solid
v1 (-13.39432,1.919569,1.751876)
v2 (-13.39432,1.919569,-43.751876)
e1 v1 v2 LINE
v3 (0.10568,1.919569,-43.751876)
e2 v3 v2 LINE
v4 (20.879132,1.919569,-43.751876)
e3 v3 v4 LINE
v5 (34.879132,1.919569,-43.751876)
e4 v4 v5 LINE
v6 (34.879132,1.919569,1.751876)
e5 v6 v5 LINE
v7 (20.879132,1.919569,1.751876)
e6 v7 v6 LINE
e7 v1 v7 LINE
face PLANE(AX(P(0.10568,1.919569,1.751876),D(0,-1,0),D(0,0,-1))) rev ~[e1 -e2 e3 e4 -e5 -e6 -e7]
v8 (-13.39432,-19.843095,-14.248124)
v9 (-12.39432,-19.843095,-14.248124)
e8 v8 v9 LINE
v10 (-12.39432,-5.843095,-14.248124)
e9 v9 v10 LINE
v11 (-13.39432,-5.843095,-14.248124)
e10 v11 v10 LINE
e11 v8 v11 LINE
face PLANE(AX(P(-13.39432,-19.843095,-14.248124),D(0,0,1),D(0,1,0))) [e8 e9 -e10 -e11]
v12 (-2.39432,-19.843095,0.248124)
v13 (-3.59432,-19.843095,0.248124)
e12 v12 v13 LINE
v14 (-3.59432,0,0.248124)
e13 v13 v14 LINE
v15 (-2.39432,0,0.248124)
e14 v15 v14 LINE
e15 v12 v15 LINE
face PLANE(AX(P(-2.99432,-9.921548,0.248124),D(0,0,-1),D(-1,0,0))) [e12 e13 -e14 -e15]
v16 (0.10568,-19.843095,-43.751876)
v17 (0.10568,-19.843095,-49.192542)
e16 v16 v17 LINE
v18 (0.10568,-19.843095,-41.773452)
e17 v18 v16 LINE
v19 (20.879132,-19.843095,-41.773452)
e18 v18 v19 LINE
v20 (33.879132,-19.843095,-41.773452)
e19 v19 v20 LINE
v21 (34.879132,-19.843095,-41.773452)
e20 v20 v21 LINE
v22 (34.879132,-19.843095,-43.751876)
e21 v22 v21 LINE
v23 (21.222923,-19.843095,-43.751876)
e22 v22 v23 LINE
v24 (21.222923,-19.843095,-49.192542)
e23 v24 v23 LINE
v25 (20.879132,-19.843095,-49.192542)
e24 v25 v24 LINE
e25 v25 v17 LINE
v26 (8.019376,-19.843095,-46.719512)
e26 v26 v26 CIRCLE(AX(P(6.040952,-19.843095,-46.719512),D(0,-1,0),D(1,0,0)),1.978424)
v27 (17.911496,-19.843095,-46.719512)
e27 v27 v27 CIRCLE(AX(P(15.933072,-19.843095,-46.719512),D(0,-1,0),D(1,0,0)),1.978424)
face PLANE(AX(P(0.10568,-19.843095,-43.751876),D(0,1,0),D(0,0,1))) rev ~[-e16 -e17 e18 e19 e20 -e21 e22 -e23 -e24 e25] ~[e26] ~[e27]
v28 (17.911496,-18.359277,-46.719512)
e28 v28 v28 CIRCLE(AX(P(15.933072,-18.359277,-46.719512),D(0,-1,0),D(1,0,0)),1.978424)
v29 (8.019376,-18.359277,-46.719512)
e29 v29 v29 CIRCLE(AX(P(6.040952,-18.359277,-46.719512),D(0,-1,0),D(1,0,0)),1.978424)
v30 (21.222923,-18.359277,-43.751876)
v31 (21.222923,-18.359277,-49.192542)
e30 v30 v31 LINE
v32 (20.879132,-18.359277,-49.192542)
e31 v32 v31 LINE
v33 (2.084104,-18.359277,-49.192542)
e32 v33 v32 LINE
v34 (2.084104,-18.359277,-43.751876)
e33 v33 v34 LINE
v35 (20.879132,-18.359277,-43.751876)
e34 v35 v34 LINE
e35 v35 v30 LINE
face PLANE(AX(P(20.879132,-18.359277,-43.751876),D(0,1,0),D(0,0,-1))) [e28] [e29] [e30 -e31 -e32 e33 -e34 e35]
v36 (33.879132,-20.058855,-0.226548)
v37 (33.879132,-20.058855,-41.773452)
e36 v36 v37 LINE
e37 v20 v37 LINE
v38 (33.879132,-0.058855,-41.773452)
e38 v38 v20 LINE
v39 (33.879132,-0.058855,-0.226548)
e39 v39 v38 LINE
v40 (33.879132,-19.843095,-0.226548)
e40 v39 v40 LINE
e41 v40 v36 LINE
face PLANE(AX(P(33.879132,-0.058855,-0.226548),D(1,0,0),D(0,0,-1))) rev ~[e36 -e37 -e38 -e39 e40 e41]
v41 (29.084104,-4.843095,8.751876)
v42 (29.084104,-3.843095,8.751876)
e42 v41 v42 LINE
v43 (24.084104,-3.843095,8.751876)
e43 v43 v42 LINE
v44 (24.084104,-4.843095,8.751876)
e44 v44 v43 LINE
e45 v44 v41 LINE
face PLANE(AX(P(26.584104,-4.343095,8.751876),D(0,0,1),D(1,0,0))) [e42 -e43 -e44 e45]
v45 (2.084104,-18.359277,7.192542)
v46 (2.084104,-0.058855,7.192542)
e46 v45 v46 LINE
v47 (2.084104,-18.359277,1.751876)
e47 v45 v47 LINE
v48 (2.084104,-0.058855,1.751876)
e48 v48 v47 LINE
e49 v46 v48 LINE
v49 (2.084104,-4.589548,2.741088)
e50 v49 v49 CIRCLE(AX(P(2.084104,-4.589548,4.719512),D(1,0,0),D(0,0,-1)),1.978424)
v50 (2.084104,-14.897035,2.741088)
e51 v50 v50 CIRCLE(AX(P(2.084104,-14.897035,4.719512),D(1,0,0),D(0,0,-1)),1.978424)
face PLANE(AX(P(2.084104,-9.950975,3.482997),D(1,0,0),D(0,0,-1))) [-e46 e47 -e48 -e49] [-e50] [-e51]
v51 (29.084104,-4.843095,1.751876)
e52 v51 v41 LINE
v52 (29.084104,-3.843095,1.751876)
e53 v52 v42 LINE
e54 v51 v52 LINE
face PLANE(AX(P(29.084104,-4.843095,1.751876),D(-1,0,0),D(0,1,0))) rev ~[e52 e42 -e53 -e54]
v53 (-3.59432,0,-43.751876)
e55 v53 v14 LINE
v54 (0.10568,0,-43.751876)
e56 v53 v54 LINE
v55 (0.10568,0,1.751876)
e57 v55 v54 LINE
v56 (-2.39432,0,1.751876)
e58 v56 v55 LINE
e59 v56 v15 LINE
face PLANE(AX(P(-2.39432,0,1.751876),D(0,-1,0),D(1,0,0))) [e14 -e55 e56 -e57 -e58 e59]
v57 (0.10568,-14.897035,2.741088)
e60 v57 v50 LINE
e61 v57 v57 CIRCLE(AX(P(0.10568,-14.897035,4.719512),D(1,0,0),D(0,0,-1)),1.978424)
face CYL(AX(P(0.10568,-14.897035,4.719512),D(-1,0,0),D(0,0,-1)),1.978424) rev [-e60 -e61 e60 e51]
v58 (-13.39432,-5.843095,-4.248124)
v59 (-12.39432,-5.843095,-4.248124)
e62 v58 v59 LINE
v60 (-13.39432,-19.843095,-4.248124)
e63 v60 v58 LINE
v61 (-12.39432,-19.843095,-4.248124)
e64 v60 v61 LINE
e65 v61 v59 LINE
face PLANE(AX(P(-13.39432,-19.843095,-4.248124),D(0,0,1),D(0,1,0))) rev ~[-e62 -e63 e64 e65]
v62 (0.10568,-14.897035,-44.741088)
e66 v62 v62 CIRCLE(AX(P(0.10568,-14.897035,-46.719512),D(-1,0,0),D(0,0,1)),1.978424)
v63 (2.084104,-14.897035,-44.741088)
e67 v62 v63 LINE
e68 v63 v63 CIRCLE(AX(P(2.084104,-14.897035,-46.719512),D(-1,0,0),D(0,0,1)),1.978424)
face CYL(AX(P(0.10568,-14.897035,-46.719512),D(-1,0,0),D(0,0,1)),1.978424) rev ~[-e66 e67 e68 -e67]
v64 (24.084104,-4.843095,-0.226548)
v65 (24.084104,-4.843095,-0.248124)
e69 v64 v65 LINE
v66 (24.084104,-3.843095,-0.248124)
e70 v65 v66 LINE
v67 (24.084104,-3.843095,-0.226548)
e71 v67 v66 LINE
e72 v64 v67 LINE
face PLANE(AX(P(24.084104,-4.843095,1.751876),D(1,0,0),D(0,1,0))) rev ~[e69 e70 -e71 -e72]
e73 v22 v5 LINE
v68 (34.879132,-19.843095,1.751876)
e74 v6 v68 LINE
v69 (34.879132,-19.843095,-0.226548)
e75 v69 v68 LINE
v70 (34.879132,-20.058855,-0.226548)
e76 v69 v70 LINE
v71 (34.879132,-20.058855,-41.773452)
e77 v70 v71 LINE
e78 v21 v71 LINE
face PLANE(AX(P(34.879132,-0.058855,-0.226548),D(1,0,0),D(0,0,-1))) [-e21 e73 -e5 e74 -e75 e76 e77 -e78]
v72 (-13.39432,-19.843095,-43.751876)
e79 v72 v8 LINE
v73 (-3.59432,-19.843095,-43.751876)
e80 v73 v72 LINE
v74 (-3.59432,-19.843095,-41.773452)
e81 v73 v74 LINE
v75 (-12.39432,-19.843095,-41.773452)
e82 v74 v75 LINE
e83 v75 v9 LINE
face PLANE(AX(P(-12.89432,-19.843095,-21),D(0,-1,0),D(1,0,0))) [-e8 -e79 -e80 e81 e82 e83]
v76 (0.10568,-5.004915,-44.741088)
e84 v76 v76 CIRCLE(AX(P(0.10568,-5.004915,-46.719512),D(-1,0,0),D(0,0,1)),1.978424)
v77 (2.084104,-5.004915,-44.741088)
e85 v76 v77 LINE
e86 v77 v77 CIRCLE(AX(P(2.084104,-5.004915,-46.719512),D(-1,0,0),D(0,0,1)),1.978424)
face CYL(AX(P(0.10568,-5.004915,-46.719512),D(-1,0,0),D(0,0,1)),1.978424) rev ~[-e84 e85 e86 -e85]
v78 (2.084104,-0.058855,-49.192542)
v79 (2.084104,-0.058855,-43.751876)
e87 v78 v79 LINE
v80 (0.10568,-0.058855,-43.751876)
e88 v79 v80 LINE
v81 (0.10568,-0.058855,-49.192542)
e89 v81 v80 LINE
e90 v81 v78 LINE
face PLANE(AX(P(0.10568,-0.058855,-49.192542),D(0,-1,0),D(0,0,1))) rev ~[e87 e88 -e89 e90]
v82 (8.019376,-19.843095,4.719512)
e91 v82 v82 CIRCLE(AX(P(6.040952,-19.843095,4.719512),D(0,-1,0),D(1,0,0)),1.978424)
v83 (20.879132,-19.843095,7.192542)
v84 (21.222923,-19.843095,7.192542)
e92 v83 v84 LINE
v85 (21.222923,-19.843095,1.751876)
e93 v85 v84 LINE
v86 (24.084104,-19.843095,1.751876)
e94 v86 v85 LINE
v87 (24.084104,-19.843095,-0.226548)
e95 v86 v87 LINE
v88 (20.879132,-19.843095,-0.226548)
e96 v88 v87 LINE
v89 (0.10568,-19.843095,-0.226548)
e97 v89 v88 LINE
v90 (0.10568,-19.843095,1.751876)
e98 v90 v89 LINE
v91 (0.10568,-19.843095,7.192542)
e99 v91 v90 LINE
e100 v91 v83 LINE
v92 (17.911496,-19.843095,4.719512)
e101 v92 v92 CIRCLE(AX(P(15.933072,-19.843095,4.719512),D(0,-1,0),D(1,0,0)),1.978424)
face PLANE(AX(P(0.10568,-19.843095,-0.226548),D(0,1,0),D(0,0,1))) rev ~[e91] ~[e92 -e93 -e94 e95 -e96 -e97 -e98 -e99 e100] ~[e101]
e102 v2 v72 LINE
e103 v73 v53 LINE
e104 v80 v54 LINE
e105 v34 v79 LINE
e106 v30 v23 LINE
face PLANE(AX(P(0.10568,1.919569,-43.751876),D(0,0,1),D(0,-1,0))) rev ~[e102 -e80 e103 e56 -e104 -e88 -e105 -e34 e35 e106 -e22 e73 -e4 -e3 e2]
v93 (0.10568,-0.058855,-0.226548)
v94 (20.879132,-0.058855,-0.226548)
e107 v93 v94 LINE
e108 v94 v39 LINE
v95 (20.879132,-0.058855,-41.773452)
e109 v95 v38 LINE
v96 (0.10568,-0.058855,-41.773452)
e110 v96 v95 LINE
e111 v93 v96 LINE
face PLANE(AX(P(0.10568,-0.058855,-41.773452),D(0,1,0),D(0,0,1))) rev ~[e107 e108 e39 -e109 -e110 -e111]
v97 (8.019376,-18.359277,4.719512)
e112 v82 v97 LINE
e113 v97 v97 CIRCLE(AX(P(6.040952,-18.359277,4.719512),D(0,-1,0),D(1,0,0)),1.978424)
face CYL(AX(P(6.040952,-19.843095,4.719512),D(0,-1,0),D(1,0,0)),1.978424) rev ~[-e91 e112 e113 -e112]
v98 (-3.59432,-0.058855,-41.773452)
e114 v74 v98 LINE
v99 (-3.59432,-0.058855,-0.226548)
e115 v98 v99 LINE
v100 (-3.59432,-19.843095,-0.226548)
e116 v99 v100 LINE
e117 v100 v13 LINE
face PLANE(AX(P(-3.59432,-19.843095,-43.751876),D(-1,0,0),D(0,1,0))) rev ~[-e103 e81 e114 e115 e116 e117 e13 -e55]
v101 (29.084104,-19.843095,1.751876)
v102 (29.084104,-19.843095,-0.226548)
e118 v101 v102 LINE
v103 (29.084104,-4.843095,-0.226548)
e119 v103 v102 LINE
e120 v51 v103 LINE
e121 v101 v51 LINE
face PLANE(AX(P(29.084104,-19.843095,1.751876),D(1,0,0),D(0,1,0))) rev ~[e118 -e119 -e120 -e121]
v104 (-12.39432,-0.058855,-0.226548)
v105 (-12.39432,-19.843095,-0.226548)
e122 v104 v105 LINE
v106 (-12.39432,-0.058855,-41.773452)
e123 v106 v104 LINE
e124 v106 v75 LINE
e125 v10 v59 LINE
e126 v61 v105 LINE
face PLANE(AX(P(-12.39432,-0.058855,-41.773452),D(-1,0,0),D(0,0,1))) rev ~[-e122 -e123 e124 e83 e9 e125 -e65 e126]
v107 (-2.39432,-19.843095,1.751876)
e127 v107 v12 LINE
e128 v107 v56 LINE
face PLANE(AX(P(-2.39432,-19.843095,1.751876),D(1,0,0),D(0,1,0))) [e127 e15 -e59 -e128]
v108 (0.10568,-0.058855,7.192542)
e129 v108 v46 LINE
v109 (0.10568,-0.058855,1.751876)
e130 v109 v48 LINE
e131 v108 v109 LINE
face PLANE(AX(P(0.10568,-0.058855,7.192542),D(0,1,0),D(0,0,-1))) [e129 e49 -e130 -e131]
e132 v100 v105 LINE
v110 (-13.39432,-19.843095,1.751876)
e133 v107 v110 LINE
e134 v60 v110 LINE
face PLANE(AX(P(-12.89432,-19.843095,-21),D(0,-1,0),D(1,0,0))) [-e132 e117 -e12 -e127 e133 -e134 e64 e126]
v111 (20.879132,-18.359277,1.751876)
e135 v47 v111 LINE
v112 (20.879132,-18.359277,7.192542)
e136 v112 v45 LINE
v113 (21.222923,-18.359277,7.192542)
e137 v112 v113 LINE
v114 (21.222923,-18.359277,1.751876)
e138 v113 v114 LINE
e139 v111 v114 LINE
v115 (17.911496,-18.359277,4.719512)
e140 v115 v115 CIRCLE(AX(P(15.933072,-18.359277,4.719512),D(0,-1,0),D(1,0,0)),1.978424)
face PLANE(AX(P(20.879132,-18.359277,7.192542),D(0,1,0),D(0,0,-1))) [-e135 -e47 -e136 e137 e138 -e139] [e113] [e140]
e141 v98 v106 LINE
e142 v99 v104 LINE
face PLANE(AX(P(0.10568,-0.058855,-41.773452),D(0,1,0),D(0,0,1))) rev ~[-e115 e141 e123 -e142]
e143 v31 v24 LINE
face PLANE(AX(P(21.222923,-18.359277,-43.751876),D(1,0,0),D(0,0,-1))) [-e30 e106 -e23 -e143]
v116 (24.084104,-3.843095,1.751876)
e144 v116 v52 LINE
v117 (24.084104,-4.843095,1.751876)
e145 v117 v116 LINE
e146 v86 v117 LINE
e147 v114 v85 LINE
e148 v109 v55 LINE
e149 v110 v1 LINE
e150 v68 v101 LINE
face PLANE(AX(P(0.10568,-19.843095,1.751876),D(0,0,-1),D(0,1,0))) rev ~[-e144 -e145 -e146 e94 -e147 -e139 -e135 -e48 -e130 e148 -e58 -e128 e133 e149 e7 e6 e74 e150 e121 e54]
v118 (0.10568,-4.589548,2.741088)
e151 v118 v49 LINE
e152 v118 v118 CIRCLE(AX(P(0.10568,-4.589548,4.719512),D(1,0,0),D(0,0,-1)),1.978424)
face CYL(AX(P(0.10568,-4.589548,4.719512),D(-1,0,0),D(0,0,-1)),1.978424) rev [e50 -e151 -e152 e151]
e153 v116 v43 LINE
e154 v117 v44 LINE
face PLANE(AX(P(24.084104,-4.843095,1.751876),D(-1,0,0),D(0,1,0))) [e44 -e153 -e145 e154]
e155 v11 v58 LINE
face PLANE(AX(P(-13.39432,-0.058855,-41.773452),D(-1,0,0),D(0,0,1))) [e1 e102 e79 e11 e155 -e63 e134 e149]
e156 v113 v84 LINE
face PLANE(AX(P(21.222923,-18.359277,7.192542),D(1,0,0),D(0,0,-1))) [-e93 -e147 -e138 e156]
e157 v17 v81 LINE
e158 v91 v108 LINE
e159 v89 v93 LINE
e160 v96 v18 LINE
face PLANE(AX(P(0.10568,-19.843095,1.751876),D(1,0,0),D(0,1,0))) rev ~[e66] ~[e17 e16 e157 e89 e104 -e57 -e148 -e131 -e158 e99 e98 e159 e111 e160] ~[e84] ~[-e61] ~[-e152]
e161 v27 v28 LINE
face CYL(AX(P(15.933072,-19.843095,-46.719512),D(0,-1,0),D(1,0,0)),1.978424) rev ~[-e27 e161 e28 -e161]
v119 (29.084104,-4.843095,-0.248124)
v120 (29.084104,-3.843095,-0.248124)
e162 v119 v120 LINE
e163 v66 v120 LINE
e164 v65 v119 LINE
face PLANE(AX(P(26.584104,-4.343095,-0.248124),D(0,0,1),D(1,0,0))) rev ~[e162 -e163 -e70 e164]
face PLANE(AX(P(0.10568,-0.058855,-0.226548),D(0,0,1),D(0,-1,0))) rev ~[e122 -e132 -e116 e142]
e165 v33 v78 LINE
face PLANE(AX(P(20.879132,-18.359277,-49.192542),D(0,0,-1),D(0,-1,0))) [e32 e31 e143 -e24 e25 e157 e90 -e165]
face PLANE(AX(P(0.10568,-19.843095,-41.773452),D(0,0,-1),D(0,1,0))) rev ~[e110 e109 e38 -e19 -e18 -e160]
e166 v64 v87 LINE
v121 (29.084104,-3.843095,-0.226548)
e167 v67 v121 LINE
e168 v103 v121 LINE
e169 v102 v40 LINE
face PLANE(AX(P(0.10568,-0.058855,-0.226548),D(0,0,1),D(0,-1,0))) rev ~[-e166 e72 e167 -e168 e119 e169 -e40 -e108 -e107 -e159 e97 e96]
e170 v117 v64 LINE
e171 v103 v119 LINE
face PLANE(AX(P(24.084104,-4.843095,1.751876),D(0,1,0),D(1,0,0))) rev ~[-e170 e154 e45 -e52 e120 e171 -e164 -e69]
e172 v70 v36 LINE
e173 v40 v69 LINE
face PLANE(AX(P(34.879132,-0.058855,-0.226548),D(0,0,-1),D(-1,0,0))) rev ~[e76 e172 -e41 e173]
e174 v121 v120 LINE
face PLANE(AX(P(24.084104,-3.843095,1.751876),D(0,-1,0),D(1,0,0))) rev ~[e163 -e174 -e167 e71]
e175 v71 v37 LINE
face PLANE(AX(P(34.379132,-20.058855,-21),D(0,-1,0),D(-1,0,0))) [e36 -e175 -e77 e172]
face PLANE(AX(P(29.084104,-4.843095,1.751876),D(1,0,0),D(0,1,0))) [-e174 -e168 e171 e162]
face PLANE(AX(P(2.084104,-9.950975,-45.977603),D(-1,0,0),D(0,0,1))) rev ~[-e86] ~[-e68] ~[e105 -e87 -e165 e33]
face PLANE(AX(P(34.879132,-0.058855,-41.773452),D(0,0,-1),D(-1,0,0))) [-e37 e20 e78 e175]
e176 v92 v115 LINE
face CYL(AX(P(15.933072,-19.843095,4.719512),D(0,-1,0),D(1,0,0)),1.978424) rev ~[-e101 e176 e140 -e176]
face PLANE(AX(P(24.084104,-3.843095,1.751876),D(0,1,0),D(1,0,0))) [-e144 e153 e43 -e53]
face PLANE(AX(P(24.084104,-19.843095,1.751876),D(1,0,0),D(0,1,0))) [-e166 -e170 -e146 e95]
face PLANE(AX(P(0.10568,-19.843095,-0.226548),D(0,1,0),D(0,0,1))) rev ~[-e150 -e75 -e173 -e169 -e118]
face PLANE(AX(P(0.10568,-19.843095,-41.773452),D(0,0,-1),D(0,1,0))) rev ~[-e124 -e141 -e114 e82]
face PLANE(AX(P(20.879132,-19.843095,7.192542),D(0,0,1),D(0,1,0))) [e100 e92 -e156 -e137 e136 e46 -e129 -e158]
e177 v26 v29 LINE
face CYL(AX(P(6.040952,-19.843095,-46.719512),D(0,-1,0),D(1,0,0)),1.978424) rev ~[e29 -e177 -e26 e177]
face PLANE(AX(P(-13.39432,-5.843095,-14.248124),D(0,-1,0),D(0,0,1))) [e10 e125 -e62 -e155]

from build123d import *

# Parameters (mm, degrees)
SKETCH2_W                 = 7.5
SKETCH2_H                 = 20
SKETCH2_R                 = 2
BOSS_EXTRUDE1_DEPTH       = 2
SKETCH4_W                 = 21
SKETCH4_H                 = 20
BOSS_EXTRUDE2_DEPTH       = 2
SKETCH5_W                 = 21
SKETCH5_H                 = 46
BOSS_EXTRUDE3_DEPTH       = 2
SKETCH6_W                 = 21
SKETCH6_H                 = 2
BOSS_EXTRUDE4_DEPTH       = 22
SKETCH7_W                 = 6.5
SKETCH7_H                 = 20
SKETCH7_R                 = 2
BOSS_EXTRUDE7_DEPTH       = 2
SKETCH8_W                 = 20
SKETCH8_H                 = 6.5
SKETCH8_R                 = 2
BOSS_EXTRUDE9_DEPTH       = 1.5
SKETCH9_R                 = 2
BOSS_EXTRUDE10_DEPTH      = 1.5
SCALE1_SCALE              = 0.98
SCALE2_SCALE              = 0.98
SCALE3_SCALE              = 1.03
BOSS_EXTRUDE11_DEPTH      = 14
SKETCH13_W                = 1
SKETCH13_H                = 41.546904
BOSS_EXTRUDE12_DEPTH      = 20
SKETCH15_W                = 13.656209454
SKETCH15_H                = 5.440666
CUT_EXTRUDE1_DEPTH        = 20
SKETCH16_W                = 13.65620945
SKETCH16_H                = 5.440666
CUT_EXTRUDE2_DEPTH        = 20
BOSS_EXTRUDE13_DEPTH      = 13.5
SKETCH18_W                = 2.5
SKETCH18_H                = 19.843095219
CUT_EXTRUDE3_DEPTH        = 51.944418
SKETCH19_W                = 1
SKETCH19_H                = 41.546904
BOSS_EXTRUDE14_DEPTH      = 19.78424
CUT_EXTRUDE4_REACH        = 52.944
SKETCH20_W                = 5
SKETCH20_H                = 15
SKETCH21_W                = 10
SKETCH21_H                = 14
CUT_EXTRUDE5_DEPTH        = 19.5
SKETCH22_W                = 5
SKETCH22_H                = 1
BOSS_EXTRUDE15_DEPTH      = 7
BOSS_EXTRUDE15_DEPTH_BACK = 2
SKETCH23_W                = 1.2
SKETCH23_H                = 19.843095219
CUT_EXTRUDE9_DEPTH        = 44


with BuildPart() as part:
    # Sketch2 → Boss-Extrude1 (new body)
    with BuildSketch(Plane(origin=(0, 0, 0), x_dir=(0, 0, -1), z_dir=(1, 0, 0))):
        with Locations((-3.75, -10)):
            Rectangle(SKETCH2_W, SKETCH2_H)
        with Locations((-5, -4.580102725)):
            Circle(SKETCH2_R, mode=Mode.SUBTRACT)
        with Locations((-5, -15)):
            Circle(SKETCH2_R, mode=Mode.SUBTRACT)
    extrude(amount=BOSS_EXTRUDE1_DEPTH)

    # Sketch4 → Boss-Extrude2 (add)
    with BuildSketch(Plane.XY):
        with Locations((10.5, -10)):
            Rectangle(SKETCH4_W, SKETCH4_H)
    extrude(amount=BOSS_EXTRUDE2_DEPTH)

    # Sketch5 → Boss-Extrude3 (add)
    with BuildSketch(Plane(origin=(0, 0, 0), x_dir=(1, 0, 0), z_dir=(0, 1, 0))):
        with Locations((10.5, 21)):
            Rectangle(SKETCH5_W, SKETCH5_H)
    extrude(amount=BOSS_EXTRUDE3_DEPTH)

    # Sketch6 → Boss-Extrude4 (add)
    with BuildSketch(Plane(origin=(0, 2, 0), x_dir=(1, 0, 0), z_dir=(0, 1, 0))):
        with Locations((10.5, 43)):
            Rectangle(SKETCH6_W, SKETCH6_H)
    extrude(amount=-BOSS_EXTRUDE4_DEPTH)

    # Sketch7 → Boss-Extrude7 (add)
    with BuildSketch(Plane.ZY):
        with Locations((-46.25, -10)):
            Rectangle(SKETCH7_W, SKETCH7_H)
        with Locations((-47, -5)):
            Circle(SKETCH7_R, mode=Mode.SUBTRACT)
        with Locations((-47, -15)):
            Circle(SKETCH7_R, mode=Mode.SUBTRACT)
    extrude(amount=-BOSS_EXTRUDE7_DEPTH)

    # Sketch8 → Boss-Extrude9 (add)
    with BuildSketch(Plane.XZ.offset(20)):
        with Locations((11, -46.25)):
            Rectangle(SKETCH8_W, SKETCH8_H)
        with Locations((6, -47)):
            Circle(SKETCH8_R, mode=Mode.SUBTRACT)
        with Locations((16, -47)):
            Circle(SKETCH8_R, mode=Mode.SUBTRACT)
    extrude(amount=-BOSS_EXTRUDE9_DEPTH)

    # Sketch9 → Boss-Extrude10 (add)
    with BuildSketch(Plane.XZ.offset(20)):
        Polygon((21, 2), (21, 7.5), (16, 7.5), (6, 7.5), (2, 7.5), (2, 2), align=None)
        with Locations((6, 5)):
            Circle(SKETCH9_R, mode=Mode.SUBTRACT)
        with Locations((16, 5)):
            Circle(SKETCH9_R, mode=Mode.SUBTRACT)
    extrude(amount=-BOSS_EXTRUDE10_DEPTH)


with BuildPart() as part_1:
    # Scale1: scaled about (9.7960723, -5.455619142, -21)
    add(part.part.scale(SCALE1_SCALE).moved(Location((0.195921446, -0.109112383, -0.42))))


with BuildPart() as part_2:
    # Scale2: scaled about (9.7960723, -5.455619142, -21)
    add(part_1.part.scale(SCALE2_SCALE).moved(Location((0.195921446, -0.109112383, -0.42))))


with BuildPart() as part_3:
    # Scale3: scaled about (9.7960723, -5.455619142, -21)
    add(part_2.part.scale(SCALE3_SCALE).moved(Location((-0.293882169, 0.163668574, 0.63))))

    # Sketch11 → Boss-Extrude11 (add)
    with BuildSketch(Plane(origin=(20.879132028, 0, 0), x_dir=(0, 0, -1), z_dir=(1, 0, 0))):
        Polygon((-1.751876, 1.919568781), (43.751876, 1.919568781), (43.751876, -18.359277219), (49.192542, -18.359277219), (49.192542, -19.843095219), (41.773452, -19.843095219), (41.773452, -0.058855219), (0.226548, -0.058855219), (0.226548, -19.843095219), (-7.192542, -19.843095219), (-7.192542, -18.359277219), (-1.751876, -18.359277219), align=None)
    extrude(amount=BOSS_EXTRUDE11_DEPTH)

    # Sketch13 → Boss-Extrude12 (add)
    with BuildSketch(Plane(origin=(0, -0.058855219, 0), x_dir=(-1, 0, 0), z_dir=(0, -1, 0))):
        with Locations((-34.379132028, 21)):
            Rectangle(SKETCH13_W, SKETCH13_H)
    extrude(amount=BOSS_EXTRUDE12_DEPTH)

    # Sketch15 → Cut-Extrude1 (cut)
    with BuildSketch(Plane(origin=(0, -18.359277219, 0), x_dir=(1, 0, 0), z_dir=(0, 1, 0))):
        with Locations((28.051027301, 46.472209)):
            Rectangle(SKETCH15_W, SKETCH15_H)
    extrude(amount=-CUT_EXTRUDE1_DEPTH, mode=Mode.SUBTRACT)

    # Sketch16 → Cut-Extrude2 (cut)
    with BuildSketch(Plane(origin=(0, -18.359277219, 0), x_dir=(1, 0, 0), z_dir=(0, 1, 0))):
        with Locations((28.051027303, -4.472209)):
            Rectangle(SKETCH16_W, SKETCH16_H)
    extrude(amount=-CUT_EXTRUDE2_DEPTH, mode=Mode.SUBTRACT)

    # Sketch17 → Boss-Extrude13 (add)
    with BuildSketch(Plane.ZY.offset(-0.105680028)):
        Polygon((1.751876, 1.919568781), (-43.751876, 1.919568781), (-43.751876, -0.058855219), (-43.751876, -19.843095219), (-41.773452, -19.843095219), (-41.773452, -0.058855219), (-0.226548, -0.058855219), (-0.226548, -19.843095219), (1.751876, -19.843095219), (1.751876, -0.058855219), align=None)
    extrude(amount=BOSS_EXTRUDE13_DEPTH)

    # Sketch18 → Cut-Extrude3 (cut, through all)
    with BuildSketch(Plane.XY.offset(1.751876)):
        with Locations((-1.144319972, -9.92154761)):
            Rectangle(SKETCH18_W, SKETCH18_H)
    extrude(amount=-CUT_EXTRUDE3_DEPTH, mode=Mode.SUBTRACT)

    # Sketch19 → Boss-Extrude14 (add)
    with BuildSketch(Plane.XZ.offset(0.058855219)):
        with Locations((-12.894319972, -21)):
            Rectangle(SKETCH19_W, SKETCH19_H)
    extrude(amount=BOSS_EXTRUDE14_DEPTH)

    # Sketch20 → Cut-Extrude4 (cut, up to next)
    with BuildSketch(Plane.XY.offset(1.751876), mode=Mode.PRIVATE) as cut_extrude4_sk1:
        with Locations((26.584104028, -12.343095219)):
            Rectangle(SKETCH20_W, SKETCH20_H)
    cut_extrude4_tool1 = extrude(cut_extrude4_sk1.sketch, amount=-CUT_EXTRUDE4_REACH, mode=Mode.PRIVATE) & part_3.part
    add(cut_extrude4_tool1.solids().sort_by_distance((26.584104, -12.343095, 1.751876))[0], mode=Mode.SUBTRACT)

    # Sketch21 → Cut-Extrude5 (cut)
    with BuildSketch(Plane.ZY.offset(13.394319972)):
        with Locations((-9.248124, -12.843095219)):
            Rectangle(SKETCH21_W, SKETCH21_H)
    extrude(amount=-CUT_EXTRUDE5_DEPTH, mode=Mode.SUBTRACT)

    # Sketch22 → Boss-Extrude15 (add, two sides)
    with BuildSketch(Plane.XY.offset(1.751876)) as boss_extrude15_sk:
        with Locations((26.584104028, -4.343095219)):
            Rectangle(SKETCH22_W, SKETCH22_H)
    extrude(amount=BOSS_EXTRUDE15_DEPTH)
    extrude(boss_extrude15_sk.sketch, amount=-BOSS_EXTRUDE15_DEPTH_BACK)

    # Sketch23 → Cut-Extrude9 (cut)
    with BuildSketch(Plane(origin=(0, 0, -43.751876), x_dir=(-1, 0, 0), z_dir=(0, 0, -1))):
        with Locations((2.994319972, -9.92154761)):
            Rectangle(SKETCH23_W, SKETCH23_H)
    extrude(amount=-CUT_EXTRUDE9_DEPTH, mode=Mode.SUBTRACT)


solid = part_3.part
